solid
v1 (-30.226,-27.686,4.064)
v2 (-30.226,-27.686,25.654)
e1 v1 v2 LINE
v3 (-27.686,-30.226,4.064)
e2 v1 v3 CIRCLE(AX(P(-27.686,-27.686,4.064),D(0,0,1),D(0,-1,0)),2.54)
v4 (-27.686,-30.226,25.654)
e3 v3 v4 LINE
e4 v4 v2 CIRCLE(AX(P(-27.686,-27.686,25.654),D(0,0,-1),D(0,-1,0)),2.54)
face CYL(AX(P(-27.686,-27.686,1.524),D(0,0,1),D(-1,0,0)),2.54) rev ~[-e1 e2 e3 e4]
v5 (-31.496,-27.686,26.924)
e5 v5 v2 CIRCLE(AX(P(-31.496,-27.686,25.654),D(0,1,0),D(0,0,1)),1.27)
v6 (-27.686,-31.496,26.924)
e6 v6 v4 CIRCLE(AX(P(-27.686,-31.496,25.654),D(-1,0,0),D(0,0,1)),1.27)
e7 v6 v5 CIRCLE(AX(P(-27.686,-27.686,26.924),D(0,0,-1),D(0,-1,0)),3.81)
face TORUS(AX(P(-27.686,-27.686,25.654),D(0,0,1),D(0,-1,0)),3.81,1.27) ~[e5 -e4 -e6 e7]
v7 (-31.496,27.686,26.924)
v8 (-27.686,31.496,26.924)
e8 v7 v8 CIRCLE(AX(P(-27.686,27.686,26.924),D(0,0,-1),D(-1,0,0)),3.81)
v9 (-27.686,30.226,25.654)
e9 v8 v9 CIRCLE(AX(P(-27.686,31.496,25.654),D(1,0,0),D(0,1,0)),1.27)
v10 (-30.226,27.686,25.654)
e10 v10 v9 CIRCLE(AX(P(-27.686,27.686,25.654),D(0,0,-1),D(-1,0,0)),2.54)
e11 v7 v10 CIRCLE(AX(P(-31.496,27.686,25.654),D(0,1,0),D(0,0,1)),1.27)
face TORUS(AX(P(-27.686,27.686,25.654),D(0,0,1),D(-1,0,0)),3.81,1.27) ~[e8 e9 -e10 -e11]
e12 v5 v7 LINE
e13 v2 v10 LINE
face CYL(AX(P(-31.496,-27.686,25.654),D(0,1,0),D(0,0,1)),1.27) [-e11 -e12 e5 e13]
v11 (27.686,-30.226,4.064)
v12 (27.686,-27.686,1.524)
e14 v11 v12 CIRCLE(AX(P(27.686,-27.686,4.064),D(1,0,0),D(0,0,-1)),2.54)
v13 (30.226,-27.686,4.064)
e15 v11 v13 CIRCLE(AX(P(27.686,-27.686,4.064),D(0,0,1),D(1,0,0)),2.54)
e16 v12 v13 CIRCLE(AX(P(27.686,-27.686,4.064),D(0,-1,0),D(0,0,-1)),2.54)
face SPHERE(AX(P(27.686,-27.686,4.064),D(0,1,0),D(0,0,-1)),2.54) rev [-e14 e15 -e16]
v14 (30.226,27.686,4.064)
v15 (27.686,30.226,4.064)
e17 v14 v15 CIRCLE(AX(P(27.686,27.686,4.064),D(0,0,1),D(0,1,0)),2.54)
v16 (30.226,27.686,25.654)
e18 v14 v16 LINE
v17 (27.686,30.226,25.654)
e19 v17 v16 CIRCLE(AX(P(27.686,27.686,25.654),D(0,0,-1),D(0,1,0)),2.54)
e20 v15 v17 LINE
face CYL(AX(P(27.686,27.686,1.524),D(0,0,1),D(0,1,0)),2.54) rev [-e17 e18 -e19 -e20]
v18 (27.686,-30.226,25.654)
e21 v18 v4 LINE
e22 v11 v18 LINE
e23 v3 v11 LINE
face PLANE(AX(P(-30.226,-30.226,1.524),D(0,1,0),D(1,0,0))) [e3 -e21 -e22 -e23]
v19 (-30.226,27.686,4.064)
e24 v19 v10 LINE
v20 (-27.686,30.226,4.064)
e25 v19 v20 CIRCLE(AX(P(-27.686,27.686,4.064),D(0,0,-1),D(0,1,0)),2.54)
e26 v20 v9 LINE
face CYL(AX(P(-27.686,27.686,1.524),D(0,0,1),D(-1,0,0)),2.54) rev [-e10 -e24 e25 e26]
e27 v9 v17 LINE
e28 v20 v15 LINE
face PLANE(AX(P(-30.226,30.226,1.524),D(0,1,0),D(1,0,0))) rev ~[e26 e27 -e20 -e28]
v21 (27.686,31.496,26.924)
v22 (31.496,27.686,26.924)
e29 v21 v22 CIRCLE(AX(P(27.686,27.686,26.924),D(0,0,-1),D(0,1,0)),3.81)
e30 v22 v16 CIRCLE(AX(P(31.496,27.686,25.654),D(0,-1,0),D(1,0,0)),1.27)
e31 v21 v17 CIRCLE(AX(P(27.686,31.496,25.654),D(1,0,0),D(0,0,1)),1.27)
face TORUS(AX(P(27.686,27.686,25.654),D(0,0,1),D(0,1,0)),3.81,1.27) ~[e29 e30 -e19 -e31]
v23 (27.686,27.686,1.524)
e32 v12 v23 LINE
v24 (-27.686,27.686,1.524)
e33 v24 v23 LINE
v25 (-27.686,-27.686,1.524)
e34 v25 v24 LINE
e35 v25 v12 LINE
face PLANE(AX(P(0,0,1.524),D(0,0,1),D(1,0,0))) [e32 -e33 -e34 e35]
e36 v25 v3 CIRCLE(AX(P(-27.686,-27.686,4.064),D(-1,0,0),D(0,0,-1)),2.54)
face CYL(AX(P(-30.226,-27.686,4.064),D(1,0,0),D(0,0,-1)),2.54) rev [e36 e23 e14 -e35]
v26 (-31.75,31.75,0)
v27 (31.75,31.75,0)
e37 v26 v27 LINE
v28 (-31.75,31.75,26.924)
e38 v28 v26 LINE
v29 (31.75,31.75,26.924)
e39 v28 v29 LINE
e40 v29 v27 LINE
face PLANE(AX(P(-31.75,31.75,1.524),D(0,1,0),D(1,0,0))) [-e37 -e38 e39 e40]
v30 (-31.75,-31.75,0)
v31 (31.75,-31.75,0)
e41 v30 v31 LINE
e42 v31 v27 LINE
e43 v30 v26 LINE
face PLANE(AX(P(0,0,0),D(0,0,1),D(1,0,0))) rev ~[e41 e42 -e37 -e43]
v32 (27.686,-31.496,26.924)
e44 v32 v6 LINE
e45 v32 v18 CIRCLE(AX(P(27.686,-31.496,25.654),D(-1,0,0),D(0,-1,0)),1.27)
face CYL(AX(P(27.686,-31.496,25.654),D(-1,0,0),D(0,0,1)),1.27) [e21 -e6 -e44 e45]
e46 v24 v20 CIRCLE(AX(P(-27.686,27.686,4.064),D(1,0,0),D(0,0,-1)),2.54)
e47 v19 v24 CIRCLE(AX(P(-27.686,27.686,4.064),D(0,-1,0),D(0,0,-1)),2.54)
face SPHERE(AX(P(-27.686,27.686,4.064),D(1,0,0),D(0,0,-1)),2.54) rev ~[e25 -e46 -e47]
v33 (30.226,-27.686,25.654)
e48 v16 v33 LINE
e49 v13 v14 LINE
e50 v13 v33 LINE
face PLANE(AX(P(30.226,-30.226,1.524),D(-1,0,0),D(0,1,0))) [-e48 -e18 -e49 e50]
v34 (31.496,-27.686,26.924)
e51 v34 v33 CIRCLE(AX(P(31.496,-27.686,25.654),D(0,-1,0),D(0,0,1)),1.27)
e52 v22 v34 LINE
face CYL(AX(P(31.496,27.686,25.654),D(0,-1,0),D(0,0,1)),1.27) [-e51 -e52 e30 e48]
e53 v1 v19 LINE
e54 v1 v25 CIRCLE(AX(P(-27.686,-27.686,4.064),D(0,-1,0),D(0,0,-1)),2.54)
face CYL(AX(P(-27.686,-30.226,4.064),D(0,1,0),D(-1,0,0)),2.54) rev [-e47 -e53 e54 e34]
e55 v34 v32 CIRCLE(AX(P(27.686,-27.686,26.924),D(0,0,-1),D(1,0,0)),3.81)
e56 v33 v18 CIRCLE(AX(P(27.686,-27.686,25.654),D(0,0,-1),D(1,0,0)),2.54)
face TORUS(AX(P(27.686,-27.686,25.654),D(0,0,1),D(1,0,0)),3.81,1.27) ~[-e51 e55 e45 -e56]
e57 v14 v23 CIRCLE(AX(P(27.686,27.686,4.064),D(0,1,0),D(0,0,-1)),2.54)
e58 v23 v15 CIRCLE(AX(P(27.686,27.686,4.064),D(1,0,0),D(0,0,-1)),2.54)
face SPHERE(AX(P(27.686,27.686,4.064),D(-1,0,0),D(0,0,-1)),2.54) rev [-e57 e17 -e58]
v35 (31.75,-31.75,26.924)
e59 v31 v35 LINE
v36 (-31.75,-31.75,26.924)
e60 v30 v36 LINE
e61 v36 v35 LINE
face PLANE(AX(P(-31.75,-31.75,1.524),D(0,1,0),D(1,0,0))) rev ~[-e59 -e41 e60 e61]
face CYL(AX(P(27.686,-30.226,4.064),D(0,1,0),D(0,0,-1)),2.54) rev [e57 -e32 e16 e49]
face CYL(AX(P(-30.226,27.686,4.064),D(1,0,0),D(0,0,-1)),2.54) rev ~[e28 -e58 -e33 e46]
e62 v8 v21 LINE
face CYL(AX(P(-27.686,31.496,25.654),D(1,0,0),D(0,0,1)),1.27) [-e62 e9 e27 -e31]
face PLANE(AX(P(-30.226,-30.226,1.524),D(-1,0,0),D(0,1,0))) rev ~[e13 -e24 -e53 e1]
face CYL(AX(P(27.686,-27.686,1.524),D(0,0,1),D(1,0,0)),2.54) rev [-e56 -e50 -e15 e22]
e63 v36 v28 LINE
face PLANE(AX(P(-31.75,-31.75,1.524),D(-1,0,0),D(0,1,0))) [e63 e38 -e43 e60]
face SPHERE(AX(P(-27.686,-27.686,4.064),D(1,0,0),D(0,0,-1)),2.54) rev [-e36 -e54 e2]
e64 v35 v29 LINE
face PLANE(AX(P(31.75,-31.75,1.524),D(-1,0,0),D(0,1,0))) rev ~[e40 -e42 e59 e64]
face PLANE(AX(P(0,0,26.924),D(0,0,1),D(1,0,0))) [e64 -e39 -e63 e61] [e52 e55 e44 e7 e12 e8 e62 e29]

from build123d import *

# Parameters (mm, degrees)
F0_W     = 63.5
F0_H     = 63.5
F1_DEPTH = 1.524
F2_W     = 63.5
F2_H     = 63.5
F2_W_2   = 60.452
F2_H_2   = 60.452
F3_DEPTH = 25.4
F4_R     = 2.54
F5_R     = 1.27


with BuildPart() as f1:
    # F0 (on Top) → F1 (new body)
    with BuildSketch(Plane.XY):
        Rectangle(F0_W, F0_H)
    extrude(amount=F1_DEPTH)

    # F2 (on face) → F3 (join)
    with BuildSketch(Plane.XY.offset(1.524)):
        Rectangle(F2_W, F2_H)
        Rectangle(F2_W_2, F2_H_2, mode=Mode.SUBTRACT)
    extrude(amount=F3_DEPTH)

    # F4
    f4_edges = [f1.edges().sort_by_distance(p)[0] for p in [
        (0, 30.226, 1.524),
        (30.226, 0, 1.524),
        (0, -30.226, 1.524),
        (-30.226, 0, 1.524),
        (-30.226, 30.226, 14.224),
        (30.226, 30.226, 14.224),
        (30.226, -30.226, 14.224),
        (-30.226, -30.226, 14.224),
    ]]
    fillet(f4_edges, radius=F4_R)

    # F5
    f5_edges = [f1.edges().sort_by_distance(p)[0] for p in [
        (-30.226, 0, 26.924),
    ]]
    fillet(f5_edges, radius=F5_R)


solid = f1.part
